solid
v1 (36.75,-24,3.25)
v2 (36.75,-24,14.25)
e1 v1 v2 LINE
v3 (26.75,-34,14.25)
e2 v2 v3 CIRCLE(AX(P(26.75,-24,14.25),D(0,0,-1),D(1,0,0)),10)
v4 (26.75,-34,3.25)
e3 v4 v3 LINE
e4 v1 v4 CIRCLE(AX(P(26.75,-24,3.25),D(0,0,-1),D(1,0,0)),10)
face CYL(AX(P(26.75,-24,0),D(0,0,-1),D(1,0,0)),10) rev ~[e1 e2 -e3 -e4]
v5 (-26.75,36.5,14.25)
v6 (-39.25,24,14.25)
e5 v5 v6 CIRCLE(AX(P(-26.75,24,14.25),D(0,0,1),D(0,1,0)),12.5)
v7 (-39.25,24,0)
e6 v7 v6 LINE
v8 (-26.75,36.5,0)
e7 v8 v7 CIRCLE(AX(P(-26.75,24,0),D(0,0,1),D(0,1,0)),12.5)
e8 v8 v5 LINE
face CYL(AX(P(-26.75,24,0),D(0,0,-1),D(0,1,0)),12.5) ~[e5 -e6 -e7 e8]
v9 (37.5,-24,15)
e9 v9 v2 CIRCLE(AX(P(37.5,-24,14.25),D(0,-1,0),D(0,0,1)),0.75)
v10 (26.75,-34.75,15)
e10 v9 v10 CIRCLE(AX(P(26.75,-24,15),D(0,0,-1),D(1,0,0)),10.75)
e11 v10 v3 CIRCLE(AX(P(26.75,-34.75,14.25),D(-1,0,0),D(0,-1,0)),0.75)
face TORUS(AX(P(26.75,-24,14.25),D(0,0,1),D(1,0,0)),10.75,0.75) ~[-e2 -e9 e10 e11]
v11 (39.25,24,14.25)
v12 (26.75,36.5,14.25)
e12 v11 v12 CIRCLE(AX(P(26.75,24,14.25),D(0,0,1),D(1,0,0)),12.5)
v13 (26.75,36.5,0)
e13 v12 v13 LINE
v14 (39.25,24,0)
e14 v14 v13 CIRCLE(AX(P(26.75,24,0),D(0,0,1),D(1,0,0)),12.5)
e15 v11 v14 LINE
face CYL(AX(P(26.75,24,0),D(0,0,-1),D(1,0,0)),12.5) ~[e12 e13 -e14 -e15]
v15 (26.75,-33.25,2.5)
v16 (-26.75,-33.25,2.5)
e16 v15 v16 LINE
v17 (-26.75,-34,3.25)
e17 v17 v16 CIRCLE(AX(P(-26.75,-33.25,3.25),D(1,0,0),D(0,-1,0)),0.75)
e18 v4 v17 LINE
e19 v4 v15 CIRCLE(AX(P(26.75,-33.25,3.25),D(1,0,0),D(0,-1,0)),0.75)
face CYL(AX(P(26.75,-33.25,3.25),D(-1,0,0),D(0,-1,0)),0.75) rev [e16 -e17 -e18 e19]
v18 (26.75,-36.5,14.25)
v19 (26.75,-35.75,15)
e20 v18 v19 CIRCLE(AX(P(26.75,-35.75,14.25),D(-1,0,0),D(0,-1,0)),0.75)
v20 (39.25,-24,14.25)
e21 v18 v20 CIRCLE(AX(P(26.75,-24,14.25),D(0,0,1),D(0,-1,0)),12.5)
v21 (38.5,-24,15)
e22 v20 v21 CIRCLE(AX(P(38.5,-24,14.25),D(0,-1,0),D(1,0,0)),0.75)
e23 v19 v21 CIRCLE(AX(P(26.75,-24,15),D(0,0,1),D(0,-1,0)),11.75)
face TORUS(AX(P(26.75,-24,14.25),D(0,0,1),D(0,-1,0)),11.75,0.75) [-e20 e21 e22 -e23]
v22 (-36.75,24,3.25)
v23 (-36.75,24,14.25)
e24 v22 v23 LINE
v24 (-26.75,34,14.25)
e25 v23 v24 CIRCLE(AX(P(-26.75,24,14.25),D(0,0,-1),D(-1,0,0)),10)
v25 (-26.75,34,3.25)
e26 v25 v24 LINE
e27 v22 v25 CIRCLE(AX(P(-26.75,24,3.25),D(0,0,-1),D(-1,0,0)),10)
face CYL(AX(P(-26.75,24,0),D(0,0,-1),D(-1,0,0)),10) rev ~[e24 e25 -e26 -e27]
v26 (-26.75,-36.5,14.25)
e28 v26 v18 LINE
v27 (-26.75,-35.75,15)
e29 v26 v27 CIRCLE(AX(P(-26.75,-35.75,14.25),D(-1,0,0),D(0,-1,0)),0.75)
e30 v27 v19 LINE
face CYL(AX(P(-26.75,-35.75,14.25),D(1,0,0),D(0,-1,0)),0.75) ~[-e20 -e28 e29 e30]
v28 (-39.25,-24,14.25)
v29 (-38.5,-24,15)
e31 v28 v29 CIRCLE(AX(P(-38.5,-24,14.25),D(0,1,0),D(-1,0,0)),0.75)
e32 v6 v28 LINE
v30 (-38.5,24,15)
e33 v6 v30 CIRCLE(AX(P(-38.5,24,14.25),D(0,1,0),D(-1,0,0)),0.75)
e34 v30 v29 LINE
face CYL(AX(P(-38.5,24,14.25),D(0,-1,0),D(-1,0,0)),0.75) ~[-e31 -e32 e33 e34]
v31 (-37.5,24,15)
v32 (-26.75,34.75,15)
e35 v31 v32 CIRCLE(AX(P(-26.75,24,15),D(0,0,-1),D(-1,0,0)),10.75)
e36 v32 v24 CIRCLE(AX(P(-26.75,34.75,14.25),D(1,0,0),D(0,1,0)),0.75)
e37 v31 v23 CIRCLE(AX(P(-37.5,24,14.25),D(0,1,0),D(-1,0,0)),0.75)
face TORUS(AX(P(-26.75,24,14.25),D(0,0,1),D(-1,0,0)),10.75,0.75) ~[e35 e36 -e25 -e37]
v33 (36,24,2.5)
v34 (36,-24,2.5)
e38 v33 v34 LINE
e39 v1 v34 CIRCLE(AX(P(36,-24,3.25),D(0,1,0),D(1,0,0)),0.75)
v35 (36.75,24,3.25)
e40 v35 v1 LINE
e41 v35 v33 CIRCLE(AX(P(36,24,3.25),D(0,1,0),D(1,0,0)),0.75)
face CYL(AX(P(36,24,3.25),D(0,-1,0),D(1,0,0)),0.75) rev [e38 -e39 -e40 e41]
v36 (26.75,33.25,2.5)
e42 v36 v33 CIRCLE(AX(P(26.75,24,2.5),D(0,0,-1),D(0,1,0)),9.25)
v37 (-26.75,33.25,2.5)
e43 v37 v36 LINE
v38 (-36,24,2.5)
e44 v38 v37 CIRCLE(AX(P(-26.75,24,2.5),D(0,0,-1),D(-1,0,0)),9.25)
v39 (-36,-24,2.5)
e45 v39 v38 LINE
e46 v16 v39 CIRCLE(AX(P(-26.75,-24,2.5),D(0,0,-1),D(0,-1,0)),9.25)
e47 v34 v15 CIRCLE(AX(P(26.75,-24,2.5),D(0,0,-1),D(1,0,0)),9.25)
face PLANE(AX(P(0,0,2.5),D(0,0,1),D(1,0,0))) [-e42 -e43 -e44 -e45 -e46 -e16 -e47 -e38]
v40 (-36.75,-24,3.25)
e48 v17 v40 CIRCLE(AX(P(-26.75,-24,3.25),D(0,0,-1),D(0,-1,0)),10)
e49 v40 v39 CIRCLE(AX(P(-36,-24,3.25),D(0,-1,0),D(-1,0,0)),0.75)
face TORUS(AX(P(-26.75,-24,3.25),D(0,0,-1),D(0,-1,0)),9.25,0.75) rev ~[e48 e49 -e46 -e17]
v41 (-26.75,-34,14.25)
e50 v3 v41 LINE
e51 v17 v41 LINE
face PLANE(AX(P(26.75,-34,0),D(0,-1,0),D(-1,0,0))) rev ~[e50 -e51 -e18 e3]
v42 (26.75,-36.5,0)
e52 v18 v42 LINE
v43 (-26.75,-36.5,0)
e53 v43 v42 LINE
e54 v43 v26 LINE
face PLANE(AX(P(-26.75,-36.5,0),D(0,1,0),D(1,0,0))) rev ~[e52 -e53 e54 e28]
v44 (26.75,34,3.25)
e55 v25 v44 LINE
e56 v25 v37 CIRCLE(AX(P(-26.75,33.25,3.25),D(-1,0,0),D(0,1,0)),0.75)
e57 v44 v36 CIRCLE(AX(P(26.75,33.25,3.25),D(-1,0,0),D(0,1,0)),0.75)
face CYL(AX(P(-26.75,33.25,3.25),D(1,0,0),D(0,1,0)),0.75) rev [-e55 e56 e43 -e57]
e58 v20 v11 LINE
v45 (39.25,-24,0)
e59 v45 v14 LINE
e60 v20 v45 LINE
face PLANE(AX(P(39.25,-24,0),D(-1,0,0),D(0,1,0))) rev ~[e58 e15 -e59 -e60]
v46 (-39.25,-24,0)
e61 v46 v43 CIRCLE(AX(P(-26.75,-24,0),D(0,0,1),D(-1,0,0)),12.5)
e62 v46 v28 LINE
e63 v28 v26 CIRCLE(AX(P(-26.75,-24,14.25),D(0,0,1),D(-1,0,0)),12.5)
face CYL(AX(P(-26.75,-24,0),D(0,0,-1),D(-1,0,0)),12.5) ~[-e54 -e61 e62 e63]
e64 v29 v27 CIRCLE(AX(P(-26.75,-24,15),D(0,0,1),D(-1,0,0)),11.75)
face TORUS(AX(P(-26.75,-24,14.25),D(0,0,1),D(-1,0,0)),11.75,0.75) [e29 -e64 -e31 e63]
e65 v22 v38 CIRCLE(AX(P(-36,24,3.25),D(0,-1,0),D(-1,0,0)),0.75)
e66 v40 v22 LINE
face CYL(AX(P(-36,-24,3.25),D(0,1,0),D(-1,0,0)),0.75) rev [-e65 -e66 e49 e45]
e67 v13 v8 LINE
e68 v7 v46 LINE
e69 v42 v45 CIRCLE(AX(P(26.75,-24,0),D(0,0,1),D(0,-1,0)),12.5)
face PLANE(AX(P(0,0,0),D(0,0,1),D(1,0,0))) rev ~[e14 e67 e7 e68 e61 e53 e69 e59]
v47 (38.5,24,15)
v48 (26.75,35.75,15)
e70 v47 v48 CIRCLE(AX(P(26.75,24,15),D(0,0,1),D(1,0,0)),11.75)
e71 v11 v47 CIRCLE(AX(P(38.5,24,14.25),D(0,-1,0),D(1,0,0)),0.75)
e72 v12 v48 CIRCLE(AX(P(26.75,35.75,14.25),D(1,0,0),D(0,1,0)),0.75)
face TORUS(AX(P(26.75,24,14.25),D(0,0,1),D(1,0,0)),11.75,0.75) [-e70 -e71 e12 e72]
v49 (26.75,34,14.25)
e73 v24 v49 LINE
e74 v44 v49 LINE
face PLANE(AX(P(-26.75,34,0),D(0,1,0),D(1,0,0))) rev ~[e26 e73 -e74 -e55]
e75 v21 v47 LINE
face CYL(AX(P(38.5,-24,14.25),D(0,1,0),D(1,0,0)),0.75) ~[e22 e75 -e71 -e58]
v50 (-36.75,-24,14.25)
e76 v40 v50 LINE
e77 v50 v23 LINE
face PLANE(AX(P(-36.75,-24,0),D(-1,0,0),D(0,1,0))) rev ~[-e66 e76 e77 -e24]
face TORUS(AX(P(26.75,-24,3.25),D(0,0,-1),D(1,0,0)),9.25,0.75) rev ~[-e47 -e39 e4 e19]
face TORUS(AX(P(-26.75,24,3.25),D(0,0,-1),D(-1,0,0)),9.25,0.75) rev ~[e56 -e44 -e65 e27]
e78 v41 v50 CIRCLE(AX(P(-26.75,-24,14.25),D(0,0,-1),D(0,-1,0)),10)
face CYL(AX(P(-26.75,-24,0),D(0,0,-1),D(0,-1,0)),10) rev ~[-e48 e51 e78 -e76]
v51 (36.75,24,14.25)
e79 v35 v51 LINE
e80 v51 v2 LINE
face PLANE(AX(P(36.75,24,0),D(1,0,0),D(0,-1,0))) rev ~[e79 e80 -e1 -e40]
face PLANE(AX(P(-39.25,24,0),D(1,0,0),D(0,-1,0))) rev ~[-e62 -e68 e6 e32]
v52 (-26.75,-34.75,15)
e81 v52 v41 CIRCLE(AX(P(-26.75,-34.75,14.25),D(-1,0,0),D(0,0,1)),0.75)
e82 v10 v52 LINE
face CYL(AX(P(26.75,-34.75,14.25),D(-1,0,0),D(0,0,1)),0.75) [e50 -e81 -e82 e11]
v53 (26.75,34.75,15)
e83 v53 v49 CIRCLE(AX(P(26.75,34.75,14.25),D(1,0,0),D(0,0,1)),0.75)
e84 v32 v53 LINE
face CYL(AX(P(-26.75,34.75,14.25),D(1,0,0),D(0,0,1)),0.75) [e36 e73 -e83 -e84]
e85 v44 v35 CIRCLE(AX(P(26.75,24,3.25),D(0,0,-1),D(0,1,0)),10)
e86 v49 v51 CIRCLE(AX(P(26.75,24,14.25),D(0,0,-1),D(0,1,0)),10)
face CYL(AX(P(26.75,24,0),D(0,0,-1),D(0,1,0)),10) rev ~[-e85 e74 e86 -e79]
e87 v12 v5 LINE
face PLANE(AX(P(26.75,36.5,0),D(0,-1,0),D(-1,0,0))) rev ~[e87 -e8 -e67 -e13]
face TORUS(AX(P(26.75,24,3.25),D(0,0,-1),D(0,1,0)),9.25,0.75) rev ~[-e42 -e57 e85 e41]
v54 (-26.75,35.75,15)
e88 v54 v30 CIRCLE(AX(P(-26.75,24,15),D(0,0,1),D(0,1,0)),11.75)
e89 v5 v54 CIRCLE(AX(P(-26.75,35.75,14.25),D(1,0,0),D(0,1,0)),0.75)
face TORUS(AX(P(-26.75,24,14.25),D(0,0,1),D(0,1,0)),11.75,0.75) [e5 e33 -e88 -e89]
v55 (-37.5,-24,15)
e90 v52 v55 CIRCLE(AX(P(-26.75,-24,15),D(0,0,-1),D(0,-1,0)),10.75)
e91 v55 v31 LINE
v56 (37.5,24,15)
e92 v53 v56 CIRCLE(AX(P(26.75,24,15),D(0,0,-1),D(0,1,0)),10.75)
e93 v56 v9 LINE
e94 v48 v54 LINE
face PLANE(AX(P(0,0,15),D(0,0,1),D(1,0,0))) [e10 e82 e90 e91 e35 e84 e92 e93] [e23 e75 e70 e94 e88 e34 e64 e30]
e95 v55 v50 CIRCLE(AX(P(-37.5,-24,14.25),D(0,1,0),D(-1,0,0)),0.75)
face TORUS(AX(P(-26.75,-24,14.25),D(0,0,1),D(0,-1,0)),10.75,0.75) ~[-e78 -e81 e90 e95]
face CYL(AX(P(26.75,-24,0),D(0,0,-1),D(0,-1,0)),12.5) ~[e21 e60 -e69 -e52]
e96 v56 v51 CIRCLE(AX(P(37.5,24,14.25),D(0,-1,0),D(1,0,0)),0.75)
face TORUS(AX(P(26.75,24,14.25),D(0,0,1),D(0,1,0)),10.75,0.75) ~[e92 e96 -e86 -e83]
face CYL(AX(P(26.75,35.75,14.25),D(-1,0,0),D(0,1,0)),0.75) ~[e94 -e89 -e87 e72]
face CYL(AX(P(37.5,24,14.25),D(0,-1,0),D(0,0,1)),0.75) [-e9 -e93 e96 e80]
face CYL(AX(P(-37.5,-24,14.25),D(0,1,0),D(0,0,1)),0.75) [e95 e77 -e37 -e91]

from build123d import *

# Parameters (mm, degrees)
F1_DEPTH = 2.5
F2_DEPTH = 15
F3_R     = 0.75


with BuildPart() as f1:
    # F0 (on Top) → F1 (new body)
    with BuildSketch(Plane.XY):
        with BuildLine():
            Line((26.75, 36.5), (-26.75, 36.5))
            ThreePointArc((-26.75, 36.5), (-35.5888347648, 32.8388347648), (-39.25, 24))
            Line((-39.25, 24), (-39.25, -24))
            ThreePointArc((-39.25, -24), (-35.5888347648, -32.8388347648), (-26.75, -36.5))
            Line((-26.75, -36.5), (26.75, -36.5))
            ThreePointArc((26.75, -36.5), (35.5888347648, -32.8388347648), (39.25, -24))
            Line((39.25, -24), (39.25, 24))
            ThreePointArc((39.25, 24), (35.5888347648, 32.8388347648), (26.75, 36.5))
        make_face()
        with BuildLine():
            ThreePointArc((-36.75, 24), (-33.8210678119, 31.0710678119), (-26.75, 34))
            Line((-26.75, 34), (26.75, 34))
            ThreePointArc((26.75, 34), (33.8210678119, 31.0710678119), (36.75, 24))
            Line((36.75, 24), (36.75, -24))
            ThreePointArc((36.75, -24), (33.8210678119, -31.0710678119), (26.75, -34))
            Line((26.75, -34), (-26.75, -34))
            ThreePointArc((-26.75, -34), (-33.8210678119, -31.0710678119), (-36.75, -24))
            Line((-36.75, -24), (-36.75, 24))
        make_face(mode=Mode.SUBTRACT)
        with BuildLine():
            Line((26.75, 34), (-26.75, 34))
            ThreePointArc((-26.75, 34), (-33.8210678119, 31.0710678119), (-36.75, 24))
            Line((-36.75, 24), (-36.75, -24))
            ThreePointArc((-36.75, -24), (-33.8210678119, -31.0710678119), (-26.75, -34))
            Line((-26.75, -34), (26.75, -34))
            ThreePointArc((26.75, -34), (33.8210678119, -31.0710678119), (36.75, -24))
            Line((36.75, -24), (36.75, 24))
            ThreePointArc((36.75, 24), (33.8210678119, 31.0710678119), (26.75, 34))
        make_face()
    extrude(amount=F1_DEPTH)

    # F0 (on Top) → F2 (join)
    with BuildSketch(Plane.XY):
        with BuildLine():
            Line((26.75, 36.5), (-26.75, 36.5))
            ThreePointArc((-26.75, 36.5), (-35.5888347648, 32.8388347648), (-39.25, 24))
            Line((-39.25, 24), (-39.25, -24))
            ThreePointArc((-39.25, -24), (-35.5888347648, -32.8388347648), (-26.75, -36.5))
            Line((-26.75, -36.5), (26.75, -36.5))
            ThreePointArc((26.75, -36.5), (35.5888347648, -32.8388347648), (39.25, -24))
            Line((39.25, -24), (39.25, 24))
            ThreePointArc((39.25, 24), (35.5888347648, 32.8388347648), (26.75, 36.5))
        make_face()
        with BuildLine():
            ThreePointArc((-36.75, 24), (-33.8210678119, 31.0710678119), (-26.75, 34))
            Line((-26.75, 34), (26.75, 34))
            ThreePointArc((26.75, 34), (33.8210678119, 31.0710678119), (36.75, 24))
            Line((36.75, 24), (36.75, -24))
            ThreePointArc((36.75, -24), (33.8210678119, -31.0710678119), (26.75, -34))
            Line((26.75, -34), (-26.75, -34))
            ThreePointArc((-26.75, -34), (-33.8210678119, -31.0710678119), (-36.75, -24))
            Line((-36.75, -24), (-36.75, 24))
        make_face(mode=Mode.SUBTRACT)
    extrude(amount=F2_DEPTH)

    # F3
    f3_edges = [f1.edges().sort_by_distance(p)[0] for p in [
        (0, 36.5, 15),
        (-35.588835, 32.838835, 15),
        (-39.25, 0, 15),
        (-35.588835, -32.838835, 15),
        (0, -36.5, 15),
        (35.588835, -32.838835, 15),
        (39.25, 0, 15),
        (35.588835, 32.838835, 15),
        (-33.821068, 31.071068, 15),
        (0, 34, 15),
        (33.821068, 31.071068, 15),
        (36.75, 0, 15),
        (33.821068, -31.071068, 15),
        (0, -34, 15),
        (-33.821068, -31.071068, 15),
        (-36.75, 0, 15),
        (-33.821068, 31.071068, 2.5),
        (0, 34, 2.5),
        (33.821068, 31.071068, 2.5),
        (36.75, 0, 2.5),
        (33.821068, -31.071068, 2.5),
        (0, -34, 2.5),
        (-33.821068, -31.071068, 2.5),
        (-36.75, 0, 2.5),
    ]]
    fillet(f3_edges, radius=F3_R)


solid = f1.part
